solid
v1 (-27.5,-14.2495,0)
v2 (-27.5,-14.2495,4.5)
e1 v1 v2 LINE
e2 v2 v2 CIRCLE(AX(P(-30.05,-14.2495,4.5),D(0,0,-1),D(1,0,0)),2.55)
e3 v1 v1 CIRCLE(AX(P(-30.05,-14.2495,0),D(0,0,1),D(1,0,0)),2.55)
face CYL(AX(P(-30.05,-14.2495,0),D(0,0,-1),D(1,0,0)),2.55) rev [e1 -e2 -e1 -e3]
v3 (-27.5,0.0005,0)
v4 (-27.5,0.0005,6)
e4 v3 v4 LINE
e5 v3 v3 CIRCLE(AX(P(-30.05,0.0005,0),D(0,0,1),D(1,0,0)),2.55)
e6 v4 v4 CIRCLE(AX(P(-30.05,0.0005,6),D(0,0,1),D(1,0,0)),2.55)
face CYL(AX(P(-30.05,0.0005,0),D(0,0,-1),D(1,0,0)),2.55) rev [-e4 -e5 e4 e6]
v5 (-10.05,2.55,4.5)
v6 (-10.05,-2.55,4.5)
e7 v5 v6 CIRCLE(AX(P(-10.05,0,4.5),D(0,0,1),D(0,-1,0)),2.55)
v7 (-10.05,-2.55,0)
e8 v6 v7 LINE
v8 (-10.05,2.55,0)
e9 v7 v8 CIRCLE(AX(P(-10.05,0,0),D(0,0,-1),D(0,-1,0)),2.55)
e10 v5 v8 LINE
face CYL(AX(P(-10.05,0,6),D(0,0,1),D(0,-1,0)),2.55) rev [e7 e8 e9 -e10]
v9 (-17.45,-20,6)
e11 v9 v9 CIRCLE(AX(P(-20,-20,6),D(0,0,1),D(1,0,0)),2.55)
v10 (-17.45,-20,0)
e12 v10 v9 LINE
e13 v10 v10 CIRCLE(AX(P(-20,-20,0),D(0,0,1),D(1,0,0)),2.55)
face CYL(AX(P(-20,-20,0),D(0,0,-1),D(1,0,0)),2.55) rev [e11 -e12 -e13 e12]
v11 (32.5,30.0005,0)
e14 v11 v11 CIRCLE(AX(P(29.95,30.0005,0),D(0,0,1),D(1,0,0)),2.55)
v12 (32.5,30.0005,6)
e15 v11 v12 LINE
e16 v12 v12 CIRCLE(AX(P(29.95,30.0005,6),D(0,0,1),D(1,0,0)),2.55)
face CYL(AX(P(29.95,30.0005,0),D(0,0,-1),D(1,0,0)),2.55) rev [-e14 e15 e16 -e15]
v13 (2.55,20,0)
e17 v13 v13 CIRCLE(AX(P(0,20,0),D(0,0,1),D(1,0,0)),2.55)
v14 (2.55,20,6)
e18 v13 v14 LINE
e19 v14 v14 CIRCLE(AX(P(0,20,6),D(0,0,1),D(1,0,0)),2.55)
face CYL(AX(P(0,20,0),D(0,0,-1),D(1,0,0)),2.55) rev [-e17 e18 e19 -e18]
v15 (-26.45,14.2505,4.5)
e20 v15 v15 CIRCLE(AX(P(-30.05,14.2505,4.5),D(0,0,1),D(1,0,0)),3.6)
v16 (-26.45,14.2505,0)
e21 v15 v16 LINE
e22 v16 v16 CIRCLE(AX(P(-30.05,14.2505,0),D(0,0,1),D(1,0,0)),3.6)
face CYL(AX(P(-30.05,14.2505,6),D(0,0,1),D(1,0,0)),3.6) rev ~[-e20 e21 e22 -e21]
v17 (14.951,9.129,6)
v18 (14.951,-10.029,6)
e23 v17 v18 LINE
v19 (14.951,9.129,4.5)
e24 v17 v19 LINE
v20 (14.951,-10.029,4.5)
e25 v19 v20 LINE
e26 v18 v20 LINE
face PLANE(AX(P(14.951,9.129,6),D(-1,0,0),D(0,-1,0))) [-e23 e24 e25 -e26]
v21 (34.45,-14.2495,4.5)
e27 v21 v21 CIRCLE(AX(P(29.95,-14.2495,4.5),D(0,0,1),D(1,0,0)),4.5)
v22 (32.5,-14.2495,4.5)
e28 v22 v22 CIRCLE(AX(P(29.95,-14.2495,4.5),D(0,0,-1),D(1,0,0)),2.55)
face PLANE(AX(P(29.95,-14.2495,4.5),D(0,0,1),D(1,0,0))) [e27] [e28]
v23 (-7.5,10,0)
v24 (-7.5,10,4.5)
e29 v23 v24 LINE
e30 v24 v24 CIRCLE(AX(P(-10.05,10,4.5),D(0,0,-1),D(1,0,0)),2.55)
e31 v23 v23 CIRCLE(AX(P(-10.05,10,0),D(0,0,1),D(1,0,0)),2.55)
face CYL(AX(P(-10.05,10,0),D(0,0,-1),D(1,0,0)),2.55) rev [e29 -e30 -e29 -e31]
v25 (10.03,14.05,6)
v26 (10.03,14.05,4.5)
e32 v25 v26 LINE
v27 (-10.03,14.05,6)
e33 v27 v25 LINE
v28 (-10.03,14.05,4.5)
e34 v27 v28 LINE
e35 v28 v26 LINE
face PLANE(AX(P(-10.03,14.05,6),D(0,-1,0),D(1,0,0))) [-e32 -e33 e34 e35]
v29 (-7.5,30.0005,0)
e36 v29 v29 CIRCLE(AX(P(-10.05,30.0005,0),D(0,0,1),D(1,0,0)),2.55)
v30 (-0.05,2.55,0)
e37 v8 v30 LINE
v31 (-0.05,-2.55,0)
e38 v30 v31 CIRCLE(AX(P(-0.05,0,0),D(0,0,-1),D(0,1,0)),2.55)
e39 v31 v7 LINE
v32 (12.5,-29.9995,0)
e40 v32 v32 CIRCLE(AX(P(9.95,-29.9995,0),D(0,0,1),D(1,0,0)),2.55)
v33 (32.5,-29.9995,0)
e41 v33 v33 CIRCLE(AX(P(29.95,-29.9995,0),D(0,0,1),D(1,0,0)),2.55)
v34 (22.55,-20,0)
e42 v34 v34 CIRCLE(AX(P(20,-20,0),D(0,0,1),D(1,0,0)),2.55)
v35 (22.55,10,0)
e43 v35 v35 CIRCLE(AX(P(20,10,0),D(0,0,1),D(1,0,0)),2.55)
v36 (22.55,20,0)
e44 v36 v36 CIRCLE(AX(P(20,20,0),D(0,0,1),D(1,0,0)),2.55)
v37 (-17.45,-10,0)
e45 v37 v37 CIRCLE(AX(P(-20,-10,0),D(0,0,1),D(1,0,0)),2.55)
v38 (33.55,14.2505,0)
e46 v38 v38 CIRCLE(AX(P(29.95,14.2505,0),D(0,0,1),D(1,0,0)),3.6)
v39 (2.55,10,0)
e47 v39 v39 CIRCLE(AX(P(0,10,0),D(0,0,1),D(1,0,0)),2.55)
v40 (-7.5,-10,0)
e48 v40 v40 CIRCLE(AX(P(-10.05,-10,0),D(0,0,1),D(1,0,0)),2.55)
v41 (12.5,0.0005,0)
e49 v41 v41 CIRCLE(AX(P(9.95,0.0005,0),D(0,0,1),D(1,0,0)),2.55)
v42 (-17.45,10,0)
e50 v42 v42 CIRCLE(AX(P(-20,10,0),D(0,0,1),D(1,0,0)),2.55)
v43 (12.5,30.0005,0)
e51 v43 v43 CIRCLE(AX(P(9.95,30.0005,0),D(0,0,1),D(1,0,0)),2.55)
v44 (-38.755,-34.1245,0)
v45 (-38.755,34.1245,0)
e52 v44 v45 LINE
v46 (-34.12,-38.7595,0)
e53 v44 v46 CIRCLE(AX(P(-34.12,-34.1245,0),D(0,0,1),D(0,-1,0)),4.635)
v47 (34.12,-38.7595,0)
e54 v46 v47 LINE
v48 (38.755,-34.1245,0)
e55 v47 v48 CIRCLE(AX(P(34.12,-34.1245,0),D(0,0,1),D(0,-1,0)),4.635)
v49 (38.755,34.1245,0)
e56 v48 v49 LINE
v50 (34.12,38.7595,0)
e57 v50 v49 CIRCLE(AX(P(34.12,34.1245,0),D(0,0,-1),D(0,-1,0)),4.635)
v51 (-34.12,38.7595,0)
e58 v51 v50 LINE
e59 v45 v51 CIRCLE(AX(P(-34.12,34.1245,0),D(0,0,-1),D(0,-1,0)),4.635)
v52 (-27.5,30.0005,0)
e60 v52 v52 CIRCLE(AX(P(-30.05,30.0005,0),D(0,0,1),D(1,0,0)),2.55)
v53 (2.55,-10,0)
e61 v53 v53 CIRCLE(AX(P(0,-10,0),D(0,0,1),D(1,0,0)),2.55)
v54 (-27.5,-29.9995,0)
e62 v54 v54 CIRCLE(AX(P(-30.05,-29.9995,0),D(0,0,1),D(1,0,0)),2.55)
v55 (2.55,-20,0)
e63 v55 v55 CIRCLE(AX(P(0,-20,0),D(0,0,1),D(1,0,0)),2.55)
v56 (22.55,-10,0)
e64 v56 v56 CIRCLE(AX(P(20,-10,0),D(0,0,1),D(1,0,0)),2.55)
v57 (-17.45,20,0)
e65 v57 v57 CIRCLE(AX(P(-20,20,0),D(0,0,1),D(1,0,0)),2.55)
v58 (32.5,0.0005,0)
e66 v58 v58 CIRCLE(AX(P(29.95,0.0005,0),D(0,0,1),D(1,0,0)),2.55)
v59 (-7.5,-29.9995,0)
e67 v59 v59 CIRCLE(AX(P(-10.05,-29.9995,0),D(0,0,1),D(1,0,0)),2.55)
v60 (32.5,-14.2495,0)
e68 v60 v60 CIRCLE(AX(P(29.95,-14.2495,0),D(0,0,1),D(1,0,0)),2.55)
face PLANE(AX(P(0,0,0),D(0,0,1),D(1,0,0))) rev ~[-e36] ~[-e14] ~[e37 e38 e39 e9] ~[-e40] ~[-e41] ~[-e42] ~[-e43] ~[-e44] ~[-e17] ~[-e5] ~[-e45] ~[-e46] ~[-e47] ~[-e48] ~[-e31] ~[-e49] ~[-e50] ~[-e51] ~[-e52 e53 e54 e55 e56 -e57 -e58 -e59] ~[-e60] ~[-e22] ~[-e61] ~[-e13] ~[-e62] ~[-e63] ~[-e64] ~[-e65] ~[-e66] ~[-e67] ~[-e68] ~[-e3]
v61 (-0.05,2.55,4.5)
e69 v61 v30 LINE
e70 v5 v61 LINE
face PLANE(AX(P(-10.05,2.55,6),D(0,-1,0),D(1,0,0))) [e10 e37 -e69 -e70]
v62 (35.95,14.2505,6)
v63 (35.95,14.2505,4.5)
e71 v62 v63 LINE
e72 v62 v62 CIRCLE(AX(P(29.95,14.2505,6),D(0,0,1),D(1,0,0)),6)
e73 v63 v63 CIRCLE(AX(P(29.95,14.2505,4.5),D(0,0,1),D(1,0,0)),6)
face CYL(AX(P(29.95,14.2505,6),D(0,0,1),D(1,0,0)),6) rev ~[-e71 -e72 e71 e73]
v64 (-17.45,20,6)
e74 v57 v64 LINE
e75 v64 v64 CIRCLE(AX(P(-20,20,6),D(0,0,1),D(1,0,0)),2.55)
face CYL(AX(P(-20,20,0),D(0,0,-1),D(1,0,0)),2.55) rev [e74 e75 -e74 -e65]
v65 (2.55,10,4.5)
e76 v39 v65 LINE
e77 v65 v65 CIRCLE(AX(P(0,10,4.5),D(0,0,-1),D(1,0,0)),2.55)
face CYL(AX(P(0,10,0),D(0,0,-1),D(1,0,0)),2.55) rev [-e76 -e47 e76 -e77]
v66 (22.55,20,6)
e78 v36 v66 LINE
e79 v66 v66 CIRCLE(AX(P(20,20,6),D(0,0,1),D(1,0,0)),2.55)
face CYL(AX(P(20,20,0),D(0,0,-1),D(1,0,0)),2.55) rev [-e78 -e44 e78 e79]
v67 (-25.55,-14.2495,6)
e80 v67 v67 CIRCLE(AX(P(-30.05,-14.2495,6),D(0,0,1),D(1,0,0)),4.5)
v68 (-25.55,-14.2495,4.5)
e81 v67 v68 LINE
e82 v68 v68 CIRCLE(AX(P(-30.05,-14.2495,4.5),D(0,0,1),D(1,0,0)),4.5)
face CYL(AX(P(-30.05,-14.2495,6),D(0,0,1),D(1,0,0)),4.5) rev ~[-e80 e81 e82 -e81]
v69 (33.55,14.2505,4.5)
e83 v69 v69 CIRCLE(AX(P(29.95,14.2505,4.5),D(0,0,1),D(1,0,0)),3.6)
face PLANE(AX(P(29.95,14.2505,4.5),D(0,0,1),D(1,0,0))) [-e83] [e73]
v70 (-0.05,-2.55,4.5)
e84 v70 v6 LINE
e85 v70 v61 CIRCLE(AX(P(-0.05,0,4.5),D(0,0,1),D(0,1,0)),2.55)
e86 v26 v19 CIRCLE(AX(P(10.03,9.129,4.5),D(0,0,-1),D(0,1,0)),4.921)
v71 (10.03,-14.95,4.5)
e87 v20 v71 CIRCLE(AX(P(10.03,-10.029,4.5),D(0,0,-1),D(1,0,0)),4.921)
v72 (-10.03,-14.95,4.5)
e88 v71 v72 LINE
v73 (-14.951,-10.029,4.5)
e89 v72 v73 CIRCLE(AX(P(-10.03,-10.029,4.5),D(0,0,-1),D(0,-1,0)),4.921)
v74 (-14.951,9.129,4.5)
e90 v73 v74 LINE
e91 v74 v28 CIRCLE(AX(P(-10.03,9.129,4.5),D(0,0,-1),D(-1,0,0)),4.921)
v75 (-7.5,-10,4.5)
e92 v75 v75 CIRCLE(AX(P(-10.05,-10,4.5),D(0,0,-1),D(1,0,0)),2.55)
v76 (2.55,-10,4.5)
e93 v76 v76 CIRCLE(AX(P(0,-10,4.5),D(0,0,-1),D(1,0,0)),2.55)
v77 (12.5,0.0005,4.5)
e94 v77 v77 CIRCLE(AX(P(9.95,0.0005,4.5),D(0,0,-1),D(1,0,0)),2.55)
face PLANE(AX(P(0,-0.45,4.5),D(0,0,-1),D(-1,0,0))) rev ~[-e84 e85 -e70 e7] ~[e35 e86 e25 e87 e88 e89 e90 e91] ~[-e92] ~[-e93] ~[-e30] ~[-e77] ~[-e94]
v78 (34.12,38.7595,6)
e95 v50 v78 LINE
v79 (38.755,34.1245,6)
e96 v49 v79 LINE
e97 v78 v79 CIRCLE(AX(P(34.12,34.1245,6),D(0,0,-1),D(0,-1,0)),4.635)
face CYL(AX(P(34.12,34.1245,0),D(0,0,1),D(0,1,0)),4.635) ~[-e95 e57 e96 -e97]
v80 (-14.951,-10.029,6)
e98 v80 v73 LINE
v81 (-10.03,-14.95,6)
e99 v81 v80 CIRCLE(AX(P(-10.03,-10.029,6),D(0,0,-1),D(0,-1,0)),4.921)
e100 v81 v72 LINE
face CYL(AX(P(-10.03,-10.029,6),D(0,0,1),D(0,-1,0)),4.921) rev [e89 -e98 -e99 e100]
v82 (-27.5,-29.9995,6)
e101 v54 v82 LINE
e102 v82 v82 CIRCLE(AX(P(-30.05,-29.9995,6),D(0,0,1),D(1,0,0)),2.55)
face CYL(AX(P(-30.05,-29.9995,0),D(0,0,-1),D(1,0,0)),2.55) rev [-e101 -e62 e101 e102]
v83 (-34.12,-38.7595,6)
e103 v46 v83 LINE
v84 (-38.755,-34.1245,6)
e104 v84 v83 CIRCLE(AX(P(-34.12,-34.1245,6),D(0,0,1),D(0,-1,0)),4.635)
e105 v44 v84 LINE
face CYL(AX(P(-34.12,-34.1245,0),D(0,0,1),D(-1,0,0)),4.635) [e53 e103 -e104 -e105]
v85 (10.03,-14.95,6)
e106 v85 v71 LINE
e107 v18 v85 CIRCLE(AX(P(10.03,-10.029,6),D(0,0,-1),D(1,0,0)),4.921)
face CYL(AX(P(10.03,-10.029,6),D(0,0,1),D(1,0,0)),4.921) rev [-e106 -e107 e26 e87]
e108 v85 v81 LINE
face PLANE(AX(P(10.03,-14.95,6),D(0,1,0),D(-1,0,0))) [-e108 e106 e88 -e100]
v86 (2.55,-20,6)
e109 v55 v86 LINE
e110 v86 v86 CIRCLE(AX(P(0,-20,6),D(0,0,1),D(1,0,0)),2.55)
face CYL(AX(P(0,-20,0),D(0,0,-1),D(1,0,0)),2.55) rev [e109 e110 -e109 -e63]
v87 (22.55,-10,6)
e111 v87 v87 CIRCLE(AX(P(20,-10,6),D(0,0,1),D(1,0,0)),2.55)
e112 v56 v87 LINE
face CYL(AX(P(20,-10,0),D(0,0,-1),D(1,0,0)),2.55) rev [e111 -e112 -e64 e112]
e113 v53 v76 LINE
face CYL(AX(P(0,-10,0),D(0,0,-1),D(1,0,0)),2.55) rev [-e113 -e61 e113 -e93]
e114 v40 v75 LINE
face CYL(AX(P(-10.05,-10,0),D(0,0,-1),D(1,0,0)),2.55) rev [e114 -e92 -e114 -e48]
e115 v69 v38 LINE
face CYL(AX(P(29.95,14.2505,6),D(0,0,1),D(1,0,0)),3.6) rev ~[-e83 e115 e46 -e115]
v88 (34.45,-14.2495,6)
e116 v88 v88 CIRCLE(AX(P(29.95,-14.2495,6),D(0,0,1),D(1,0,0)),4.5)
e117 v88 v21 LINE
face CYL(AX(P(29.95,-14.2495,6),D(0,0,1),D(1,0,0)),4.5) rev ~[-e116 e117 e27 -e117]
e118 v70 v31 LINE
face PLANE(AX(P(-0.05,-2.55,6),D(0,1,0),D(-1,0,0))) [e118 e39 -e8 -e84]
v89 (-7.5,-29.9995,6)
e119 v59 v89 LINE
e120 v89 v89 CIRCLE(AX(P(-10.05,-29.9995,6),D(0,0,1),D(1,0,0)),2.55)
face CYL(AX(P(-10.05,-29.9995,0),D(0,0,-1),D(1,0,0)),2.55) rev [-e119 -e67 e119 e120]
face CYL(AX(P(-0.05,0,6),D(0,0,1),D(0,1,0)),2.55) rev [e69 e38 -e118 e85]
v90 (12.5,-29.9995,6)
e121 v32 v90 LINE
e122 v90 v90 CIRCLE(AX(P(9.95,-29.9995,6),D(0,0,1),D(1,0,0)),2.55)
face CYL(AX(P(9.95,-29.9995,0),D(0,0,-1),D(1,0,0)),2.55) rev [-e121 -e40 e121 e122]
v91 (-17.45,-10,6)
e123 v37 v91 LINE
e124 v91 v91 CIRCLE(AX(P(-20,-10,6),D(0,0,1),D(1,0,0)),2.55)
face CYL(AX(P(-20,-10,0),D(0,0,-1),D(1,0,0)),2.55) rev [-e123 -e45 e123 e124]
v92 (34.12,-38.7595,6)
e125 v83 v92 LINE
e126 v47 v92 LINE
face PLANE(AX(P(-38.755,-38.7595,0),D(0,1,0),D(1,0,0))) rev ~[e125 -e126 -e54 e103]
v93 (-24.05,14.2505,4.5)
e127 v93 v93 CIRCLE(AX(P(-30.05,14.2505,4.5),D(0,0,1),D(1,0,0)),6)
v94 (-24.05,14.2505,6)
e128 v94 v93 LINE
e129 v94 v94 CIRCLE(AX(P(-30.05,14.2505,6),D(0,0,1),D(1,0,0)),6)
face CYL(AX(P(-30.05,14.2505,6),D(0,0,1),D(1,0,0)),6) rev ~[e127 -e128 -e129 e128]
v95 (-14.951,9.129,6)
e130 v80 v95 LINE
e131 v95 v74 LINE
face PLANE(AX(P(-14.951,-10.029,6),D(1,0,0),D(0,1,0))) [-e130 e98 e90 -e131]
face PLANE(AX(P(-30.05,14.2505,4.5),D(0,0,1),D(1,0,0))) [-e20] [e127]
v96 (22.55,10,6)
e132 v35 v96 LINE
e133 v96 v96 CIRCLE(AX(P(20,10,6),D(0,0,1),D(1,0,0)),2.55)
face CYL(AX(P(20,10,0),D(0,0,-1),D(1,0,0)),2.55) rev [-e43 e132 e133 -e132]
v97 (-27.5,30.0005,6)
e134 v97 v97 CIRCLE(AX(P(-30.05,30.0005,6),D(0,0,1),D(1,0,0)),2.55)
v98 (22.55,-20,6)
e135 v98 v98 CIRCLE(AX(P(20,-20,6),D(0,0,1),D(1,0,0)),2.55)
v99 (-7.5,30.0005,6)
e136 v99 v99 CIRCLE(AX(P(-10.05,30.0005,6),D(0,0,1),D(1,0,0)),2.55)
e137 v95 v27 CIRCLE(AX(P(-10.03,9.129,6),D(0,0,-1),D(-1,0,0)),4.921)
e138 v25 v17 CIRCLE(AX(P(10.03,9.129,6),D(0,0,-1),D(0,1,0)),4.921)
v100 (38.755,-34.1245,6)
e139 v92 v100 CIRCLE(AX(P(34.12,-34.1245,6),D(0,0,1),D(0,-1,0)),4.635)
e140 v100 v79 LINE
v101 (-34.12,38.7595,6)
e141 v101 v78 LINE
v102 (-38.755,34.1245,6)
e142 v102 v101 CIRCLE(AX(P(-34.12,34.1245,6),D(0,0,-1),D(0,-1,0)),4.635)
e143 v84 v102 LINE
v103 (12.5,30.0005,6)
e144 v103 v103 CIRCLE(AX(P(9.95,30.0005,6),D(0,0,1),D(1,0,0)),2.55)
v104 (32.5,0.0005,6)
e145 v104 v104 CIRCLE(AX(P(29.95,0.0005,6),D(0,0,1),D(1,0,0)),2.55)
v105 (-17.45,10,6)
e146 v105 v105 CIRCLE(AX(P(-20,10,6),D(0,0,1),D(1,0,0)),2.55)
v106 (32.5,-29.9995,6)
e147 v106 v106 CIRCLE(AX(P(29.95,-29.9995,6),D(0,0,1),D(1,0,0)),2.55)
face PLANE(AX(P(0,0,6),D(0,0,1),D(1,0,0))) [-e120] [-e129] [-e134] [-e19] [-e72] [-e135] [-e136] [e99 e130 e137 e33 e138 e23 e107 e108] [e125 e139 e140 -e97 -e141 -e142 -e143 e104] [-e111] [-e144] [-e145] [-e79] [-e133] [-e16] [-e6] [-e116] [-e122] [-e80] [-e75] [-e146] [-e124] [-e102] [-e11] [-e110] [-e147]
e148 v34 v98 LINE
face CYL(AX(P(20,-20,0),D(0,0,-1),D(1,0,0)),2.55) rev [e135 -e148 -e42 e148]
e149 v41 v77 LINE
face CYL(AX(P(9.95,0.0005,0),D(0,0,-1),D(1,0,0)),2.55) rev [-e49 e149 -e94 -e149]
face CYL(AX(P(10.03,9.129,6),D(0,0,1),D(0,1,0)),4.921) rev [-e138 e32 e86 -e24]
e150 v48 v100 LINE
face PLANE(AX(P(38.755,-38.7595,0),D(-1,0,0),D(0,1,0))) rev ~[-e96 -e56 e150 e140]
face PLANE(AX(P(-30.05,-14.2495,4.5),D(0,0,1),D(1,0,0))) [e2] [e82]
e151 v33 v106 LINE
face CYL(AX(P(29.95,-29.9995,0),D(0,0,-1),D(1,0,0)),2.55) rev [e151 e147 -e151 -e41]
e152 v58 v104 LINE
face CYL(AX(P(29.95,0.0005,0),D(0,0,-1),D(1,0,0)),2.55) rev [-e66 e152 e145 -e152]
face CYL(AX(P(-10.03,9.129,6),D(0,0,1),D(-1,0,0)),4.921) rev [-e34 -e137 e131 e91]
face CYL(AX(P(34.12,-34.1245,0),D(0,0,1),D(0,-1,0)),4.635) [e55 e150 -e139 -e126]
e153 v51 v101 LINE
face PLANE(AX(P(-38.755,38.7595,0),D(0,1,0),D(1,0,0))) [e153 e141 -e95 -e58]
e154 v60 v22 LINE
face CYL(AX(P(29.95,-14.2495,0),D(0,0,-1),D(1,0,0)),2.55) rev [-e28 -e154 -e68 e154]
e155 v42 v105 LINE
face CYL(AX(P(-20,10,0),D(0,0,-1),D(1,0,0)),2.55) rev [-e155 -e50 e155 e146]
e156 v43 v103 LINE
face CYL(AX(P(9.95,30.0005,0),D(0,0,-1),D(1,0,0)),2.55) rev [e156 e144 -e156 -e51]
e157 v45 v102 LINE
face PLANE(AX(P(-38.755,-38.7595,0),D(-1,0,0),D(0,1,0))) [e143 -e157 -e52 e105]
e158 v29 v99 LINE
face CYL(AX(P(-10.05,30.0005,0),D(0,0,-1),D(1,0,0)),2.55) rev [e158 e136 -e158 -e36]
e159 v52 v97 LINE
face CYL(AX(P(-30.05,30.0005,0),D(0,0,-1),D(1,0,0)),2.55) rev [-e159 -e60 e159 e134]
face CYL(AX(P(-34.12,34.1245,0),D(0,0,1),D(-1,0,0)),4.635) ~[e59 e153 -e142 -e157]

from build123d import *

# Parameters (mm, degrees)
SKETCH1_W           = 77.51
SKETCH1_H           = 77.519
SKETCH1_R           = 2.55
BOSS_EXTRUDE1_DEPTH = 6
CUT_EXTRUDE1_DEPTH  = 6
FILLET1_R           = 4.635
CUT_EXTRUDE2_DEPTH  = 1.5
SKETCH4_R           = 4.5
SKETCH4_R_2         = 6
CUT_EXTRUDE3_DEPTH  = 1.5
SKETCH5_R           = 3.6
CUT_EXTRUDE4_DEPTH  = 7


with BuildPart() as part:
    # Sketch1 → Boss-Extrude1 (new body)
    with BuildSketch(Plane.XY):
        Rectangle(SKETCH1_W, SKETCH1_H)
        with Locations((-30.05, 30.0005)):
            Circle(SKETCH1_R, mode=Mode.SUBTRACT)
        with Locations((-10.05, 30.0005)):
            Circle(SKETCH1_R, mode=Mode.SUBTRACT)
        with Locations((-10.05, -29.9995)):
            Circle(SKETCH1_R, mode=Mode.SUBTRACT)
        with Locations((0, 20)):
            Circle(SKETCH1_R, mode=Mode.SUBTRACT)
        with Locations((0, 10)):
            Circle(SKETCH1_R, mode=Mode.SUBTRACT)
        with Locations((-10.05, 10)):
            Circle(SKETCH1_R, mode=Mode.SUBTRACT)
        with Locations((9.95, 30.0005)):
            Circle(SKETCH1_R, mode=Mode.SUBTRACT)
        with Locations((9.95, -29.9995)):
            Circle(SKETCH1_R, mode=Mode.SUBTRACT)
        with Locations((-10.05, -10)):
            Circle(SKETCH1_R, mode=Mode.SUBTRACT)
        with Locations((9.95, 0.0005)):
            Circle(SKETCH1_R, mode=Mode.SUBTRACT)
        with Locations((-30.05, -29.9995)):
            Circle(SKETCH1_R, mode=Mode.SUBTRACT)
        with Locations((-30.05, -14.2495)):
            Circle(SKETCH1_R, mode=Mode.SUBTRACT)
        with Locations((-30.05, 0.0005)):
            Circle(SKETCH1_R, mode=Mode.SUBTRACT)
        with Locations((-30.05, 14.2505)):
            Circle(SKETCH1_R, mode=Mode.SUBTRACT)
        with Locations((0, -10)):
            Circle(SKETCH1_R, mode=Mode.SUBTRACT)
        with Locations((29.95, 30.0005)):
            Circle(SKETCH1_R, mode=Mode.SUBTRACT)
        with Locations((29.95, -29.9995)):
            Circle(SKETCH1_R, mode=Mode.SUBTRACT)
        with Locations((29.95, -14.2495)):
            Circle(SKETCH1_R, mode=Mode.SUBTRACT)
        with Locations((29.95, 0.0005)):
            Circle(SKETCH1_R, mode=Mode.SUBTRACT)
        with Locations((29.95, 14.2505)):
            Circle(SKETCH1_R, mode=Mode.SUBTRACT)
        with Locations((0, -20)):
            Circle(SKETCH1_R, mode=Mode.SUBTRACT)
        with Locations((20, 20)):
            Circle(SKETCH1_R, mode=Mode.SUBTRACT)
        with Locations((20, 10)):
            Circle(SKETCH1_R, mode=Mode.SUBTRACT)
        with Locations((20, -10)):
            Circle(SKETCH1_R, mode=Mode.SUBTRACT)
        with Locations((20, -20)):
            Circle(SKETCH1_R, mode=Mode.SUBTRACT)
        with Locations((-20, 20)):
            Circle(SKETCH1_R, mode=Mode.SUBTRACT)
        with Locations((-20, 10)):
            Circle(SKETCH1_R, mode=Mode.SUBTRACT)
        with Locations((-20, -10)):
            Circle(SKETCH1_R, mode=Mode.SUBTRACT)
        with Locations((-20, -20)):
            Circle(SKETCH1_R, mode=Mode.SUBTRACT)
    extrude(amount=BOSS_EXTRUDE1_DEPTH)

    # Sketch2 → Cut-Extrude1 (cut)
    with BuildSketch(Plane.XY.offset(6)):
        with BuildLine():
            Line((-10.049999987, 2.55), (-0.049999987, 2.55))
            ThreePointArc((-0.049999987, 2.55), (2.500000013, 0), (-0.049999987, -2.55))
            Line((-0.049999987, -2.55), (-10.049999987, -2.55))
            ThreePointArc((-10.049999987, -2.55), (-12.599999987, 0), (-10.049999987, 2.55))
        make_face()
    extrude(amount=-CUT_EXTRUDE1_DEPTH, mode=Mode.SUBTRACT)

    # Fillet1
    fillet1_edges = [part.edges().sort_by_distance(p)[0] for p in [
        (-38.755, 38.7595, 3),
        (38.755, 38.7595, 3),
        (38.755, -38.7595, 3),
        (-38.755, -38.7595, 3),
    ]]
    fillet(fillet1_edges, radius=FILLET1_R)

    # Sketch3 → Cut-Extrude2 (cut)
    with BuildSketch(Plane.XY.offset(6)):
        with BuildLine():
            Line((-10.03, 14.05), (10.03, 14.05))
            ThreePointArc((10.03, 14.05), (13.50967247, 12.60867247), (14.951, 9.129))
            Line((14.951, 9.129), (14.951, -10.029))
            ThreePointArc((14.951, -10.029), (13.50967247, -13.50867247), (10.03, -14.95))
            Line((10.03, -14.95), (-10.03, -14.95))
            ThreePointArc((-10.03, -14.95), (-13.50967247, -13.50867247), (-14.951, -10.029))
            Line((-14.951, -10.029), (-14.951, 9.129))
            ThreePointArc((-14.951, 9.129), (-13.50967247, 12.60867247), (-10.03, 14.05))
        make_face()
    extrude(amount=-CUT_EXTRUDE2_DEPTH, mode=Mode.SUBTRACT)

    # Sketch4 → Cut-Extrude3 (cut)
    with BuildSketch(Plane.XY.offset(6)):
        with Locations((-30.05, -14.2495)):
            Circle(SKETCH4_R)
        with Locations((29.95, -14.2495)):
            Circle(SKETCH4_R)
        with Locations((-30.05, 14.2505)):
            Circle(SKETCH4_R_2)
        with Locations((29.95, 14.2505)):
            Circle(SKETCH4_R_2)
    extrude(amount=-CUT_EXTRUDE3_DEPTH, mode=Mode.SUBTRACT)

    # Sketch5 → Cut-Extrude4 (cut, through all)
    with BuildSketch(Plane.XY.offset(6)):
        with Locations((-30.05, 14.2505)):
            Circle(SKETCH5_R)
        with Locations((29.95, 14.2505)):
            Circle(SKETCH5_R)
    extrude(amount=-CUT_EXTRUDE4_DEPTH, mode=Mode.SUBTRACT)


solid = part.part
